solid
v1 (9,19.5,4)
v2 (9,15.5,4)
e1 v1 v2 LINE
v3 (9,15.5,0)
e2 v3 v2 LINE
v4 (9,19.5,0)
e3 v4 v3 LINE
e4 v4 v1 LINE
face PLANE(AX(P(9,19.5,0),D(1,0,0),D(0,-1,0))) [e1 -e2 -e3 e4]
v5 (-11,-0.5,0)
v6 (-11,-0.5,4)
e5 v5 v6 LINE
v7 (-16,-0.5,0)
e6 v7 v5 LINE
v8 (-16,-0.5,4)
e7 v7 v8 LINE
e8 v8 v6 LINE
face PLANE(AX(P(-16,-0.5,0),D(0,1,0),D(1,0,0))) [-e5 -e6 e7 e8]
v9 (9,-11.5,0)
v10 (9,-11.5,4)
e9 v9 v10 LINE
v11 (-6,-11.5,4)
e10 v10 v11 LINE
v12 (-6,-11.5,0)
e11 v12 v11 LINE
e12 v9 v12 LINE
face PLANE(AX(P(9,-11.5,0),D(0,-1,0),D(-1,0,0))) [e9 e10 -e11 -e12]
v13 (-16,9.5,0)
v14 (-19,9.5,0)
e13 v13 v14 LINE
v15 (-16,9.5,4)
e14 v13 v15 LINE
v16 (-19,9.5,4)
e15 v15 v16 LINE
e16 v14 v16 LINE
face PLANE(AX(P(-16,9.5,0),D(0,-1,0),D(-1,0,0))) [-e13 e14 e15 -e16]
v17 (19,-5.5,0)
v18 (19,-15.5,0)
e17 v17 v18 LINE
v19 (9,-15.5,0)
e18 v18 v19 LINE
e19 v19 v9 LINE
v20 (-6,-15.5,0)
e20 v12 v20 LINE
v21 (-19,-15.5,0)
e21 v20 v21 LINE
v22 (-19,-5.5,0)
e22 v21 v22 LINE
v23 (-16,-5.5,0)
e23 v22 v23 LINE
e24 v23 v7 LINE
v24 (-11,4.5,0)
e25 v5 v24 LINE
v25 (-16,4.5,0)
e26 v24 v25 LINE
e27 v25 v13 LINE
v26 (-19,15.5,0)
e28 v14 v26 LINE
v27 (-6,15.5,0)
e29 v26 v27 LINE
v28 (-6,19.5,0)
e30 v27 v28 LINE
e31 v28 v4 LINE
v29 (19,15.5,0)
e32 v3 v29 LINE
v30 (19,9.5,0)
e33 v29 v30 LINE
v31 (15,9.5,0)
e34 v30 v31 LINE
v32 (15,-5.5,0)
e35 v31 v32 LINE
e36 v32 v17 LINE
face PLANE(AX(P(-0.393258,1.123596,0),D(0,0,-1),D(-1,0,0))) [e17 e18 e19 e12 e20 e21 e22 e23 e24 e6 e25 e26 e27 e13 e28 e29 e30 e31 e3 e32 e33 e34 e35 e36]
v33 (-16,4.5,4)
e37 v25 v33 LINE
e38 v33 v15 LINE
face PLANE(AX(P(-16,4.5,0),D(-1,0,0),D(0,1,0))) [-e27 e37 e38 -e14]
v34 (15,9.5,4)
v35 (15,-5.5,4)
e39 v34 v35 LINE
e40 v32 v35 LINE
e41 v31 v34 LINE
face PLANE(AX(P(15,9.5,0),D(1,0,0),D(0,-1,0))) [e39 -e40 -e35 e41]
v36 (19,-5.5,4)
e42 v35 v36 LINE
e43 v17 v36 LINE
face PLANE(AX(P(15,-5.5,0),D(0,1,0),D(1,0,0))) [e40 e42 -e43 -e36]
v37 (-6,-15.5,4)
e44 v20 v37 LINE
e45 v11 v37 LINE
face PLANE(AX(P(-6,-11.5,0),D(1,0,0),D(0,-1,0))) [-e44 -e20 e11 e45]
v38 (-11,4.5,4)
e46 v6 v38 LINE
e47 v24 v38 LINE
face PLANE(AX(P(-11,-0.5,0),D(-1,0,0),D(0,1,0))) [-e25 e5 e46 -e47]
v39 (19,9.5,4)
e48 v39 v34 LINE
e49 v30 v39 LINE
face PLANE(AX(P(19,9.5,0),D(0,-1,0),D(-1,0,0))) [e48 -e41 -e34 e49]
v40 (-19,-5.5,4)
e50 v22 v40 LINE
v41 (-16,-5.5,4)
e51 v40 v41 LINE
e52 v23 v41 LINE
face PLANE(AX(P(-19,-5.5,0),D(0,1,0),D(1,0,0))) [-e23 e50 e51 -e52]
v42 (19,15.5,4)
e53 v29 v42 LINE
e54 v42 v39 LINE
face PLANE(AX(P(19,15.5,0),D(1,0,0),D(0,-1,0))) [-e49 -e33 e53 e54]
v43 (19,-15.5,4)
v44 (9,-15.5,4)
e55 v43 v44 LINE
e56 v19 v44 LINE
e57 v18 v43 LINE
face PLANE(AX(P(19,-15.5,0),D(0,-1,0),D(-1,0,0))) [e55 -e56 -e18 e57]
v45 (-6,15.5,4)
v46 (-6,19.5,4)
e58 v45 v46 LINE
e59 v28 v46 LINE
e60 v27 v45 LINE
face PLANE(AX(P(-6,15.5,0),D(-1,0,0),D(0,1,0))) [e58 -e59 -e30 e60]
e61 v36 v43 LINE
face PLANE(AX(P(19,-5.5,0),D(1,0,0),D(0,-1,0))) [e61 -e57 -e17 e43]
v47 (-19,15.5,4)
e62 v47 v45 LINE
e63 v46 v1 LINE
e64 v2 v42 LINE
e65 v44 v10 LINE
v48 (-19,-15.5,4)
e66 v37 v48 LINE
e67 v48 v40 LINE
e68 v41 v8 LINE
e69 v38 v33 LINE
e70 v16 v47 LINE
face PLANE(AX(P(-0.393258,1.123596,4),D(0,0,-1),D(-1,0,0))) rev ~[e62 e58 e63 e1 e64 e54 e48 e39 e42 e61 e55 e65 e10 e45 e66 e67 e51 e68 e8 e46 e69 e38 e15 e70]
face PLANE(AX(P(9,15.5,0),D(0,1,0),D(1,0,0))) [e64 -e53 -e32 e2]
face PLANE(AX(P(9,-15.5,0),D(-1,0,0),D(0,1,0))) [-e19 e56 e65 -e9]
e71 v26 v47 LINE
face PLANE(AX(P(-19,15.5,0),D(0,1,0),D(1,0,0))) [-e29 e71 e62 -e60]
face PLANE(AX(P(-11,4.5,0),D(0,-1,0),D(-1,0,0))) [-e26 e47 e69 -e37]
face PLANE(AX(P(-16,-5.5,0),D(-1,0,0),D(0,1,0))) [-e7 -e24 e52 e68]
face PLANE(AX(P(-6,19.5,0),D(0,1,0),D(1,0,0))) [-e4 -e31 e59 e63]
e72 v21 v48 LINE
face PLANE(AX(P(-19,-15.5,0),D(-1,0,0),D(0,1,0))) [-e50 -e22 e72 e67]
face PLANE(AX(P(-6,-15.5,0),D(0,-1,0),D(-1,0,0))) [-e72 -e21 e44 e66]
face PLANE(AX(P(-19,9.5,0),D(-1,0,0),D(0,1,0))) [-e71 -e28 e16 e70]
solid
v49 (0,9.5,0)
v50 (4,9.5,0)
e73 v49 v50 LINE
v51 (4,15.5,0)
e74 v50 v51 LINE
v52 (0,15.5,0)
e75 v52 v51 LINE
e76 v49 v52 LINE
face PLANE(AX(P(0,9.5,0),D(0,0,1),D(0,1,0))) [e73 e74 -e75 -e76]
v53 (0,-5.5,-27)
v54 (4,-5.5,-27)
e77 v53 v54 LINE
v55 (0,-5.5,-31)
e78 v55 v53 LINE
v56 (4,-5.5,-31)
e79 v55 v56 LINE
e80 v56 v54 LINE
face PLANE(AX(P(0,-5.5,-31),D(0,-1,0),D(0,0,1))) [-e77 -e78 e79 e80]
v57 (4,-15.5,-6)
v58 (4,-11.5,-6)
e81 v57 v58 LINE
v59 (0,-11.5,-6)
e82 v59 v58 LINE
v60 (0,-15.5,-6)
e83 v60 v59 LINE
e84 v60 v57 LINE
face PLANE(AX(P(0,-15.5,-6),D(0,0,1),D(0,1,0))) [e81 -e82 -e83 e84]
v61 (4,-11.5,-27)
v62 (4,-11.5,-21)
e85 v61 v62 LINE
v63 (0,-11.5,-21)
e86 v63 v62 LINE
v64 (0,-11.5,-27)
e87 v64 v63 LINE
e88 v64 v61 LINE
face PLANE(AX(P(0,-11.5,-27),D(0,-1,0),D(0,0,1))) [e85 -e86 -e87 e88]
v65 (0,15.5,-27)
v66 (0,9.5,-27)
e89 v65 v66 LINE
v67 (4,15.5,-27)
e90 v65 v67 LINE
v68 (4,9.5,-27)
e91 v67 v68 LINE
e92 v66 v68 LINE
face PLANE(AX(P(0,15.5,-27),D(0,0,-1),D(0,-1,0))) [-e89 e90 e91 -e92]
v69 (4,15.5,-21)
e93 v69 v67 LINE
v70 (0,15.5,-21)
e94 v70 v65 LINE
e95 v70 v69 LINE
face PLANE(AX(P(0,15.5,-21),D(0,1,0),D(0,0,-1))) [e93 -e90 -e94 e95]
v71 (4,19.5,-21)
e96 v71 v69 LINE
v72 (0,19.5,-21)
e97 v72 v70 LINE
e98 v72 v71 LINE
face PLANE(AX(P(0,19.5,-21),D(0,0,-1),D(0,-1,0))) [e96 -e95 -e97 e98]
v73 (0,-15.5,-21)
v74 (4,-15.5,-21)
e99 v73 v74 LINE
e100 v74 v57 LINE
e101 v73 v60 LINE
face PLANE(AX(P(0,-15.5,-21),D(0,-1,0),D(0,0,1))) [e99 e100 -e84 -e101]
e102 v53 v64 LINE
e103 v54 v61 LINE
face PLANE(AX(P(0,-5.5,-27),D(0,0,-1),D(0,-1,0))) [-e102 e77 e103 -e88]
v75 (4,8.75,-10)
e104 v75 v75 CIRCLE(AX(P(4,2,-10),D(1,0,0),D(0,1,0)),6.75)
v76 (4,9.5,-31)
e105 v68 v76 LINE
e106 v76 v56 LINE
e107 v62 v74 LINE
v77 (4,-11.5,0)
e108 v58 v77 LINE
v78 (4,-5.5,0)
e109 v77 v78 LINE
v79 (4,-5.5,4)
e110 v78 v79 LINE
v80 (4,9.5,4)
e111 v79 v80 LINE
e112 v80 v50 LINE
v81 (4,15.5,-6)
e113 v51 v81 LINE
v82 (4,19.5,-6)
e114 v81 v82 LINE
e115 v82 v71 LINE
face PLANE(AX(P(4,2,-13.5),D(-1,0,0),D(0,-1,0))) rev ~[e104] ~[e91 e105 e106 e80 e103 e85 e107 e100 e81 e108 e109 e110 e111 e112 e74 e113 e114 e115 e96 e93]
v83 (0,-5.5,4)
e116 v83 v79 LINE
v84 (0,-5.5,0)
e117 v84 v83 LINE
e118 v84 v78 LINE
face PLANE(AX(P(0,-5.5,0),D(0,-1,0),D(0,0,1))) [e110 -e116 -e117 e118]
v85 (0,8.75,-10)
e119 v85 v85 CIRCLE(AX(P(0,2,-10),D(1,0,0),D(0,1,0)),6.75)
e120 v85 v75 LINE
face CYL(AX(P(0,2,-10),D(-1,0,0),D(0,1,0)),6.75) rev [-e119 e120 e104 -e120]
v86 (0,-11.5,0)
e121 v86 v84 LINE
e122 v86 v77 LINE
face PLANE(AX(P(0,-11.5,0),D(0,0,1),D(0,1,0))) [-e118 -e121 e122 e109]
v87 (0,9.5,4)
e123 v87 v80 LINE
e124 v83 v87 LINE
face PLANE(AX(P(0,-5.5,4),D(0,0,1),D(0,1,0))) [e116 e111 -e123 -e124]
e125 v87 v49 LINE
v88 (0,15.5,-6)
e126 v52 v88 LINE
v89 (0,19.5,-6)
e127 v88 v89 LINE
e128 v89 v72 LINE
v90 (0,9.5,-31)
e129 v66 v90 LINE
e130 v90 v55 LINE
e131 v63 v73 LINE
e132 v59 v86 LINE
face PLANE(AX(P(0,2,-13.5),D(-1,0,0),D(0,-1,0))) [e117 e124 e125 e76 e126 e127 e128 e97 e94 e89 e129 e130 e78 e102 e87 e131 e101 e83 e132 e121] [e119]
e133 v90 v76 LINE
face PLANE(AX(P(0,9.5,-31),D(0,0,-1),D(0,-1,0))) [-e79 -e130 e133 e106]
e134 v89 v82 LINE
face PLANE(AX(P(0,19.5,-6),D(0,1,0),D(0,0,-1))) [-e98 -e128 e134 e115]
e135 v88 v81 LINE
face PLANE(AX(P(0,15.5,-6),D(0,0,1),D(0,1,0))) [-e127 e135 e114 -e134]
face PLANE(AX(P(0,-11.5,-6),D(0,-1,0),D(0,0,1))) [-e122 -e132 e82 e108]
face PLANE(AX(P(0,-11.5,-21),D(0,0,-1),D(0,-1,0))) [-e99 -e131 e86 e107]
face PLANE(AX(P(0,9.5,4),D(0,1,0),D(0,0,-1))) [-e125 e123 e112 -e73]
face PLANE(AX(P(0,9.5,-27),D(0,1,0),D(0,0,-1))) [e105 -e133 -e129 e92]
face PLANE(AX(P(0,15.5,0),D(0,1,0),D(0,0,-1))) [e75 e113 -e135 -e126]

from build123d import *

# Parameters (mm, degrees)
PAD_DEPTH    = 4
SKETCH001_R  = 6.75
PAD001_DEPTH = 4


with BuildPart() as wall:
    # Sketch → Pad (new body)
    with BuildSketch(Plane.XY):
        Polygon((-19, 15.5), (-6, 15.5), (-6, 19.5), (9, 19.5), (9, 15.5), (19, 15.5), (19, 9.5), (15, 9.5), (15, -5.5), (19, -5.5), (19, -15.5), (9, -15.5), (9, -11.5), (-6, -11.5), (-6, -15.5), (-19, -15.5), (-19, -5.5), (-16, -5.5), (-16, -0.5), (-11, -0.5), (-11, 4.5), (-16, 4.5), (-16, 9.5), (-19, 9.5), align=None)
    extrude(amount=PAD_DEPTH)


with BuildPart() as cover:
    # Sketch001 → Pad001 (new body)
    with BuildSketch(Plane.YZ):
        Polygon((-5.5, 0), (-5.5, 4), (9.5, 4), (9.5, 0), (15.5, 0), (15.5, -6), (19.5, -6), (19.5, -21), (15.5, -21), (15.5, -27), (9.5, -27), (9.5, -31), (-5.5, -31), (-5.5, -27), (-11.5, -27), (-11.5, -21), (-15.5, -21), (-15.5, -6), (-11.5, -6), (-11.5, 0), align=None)
        with Locations((2, -10)):
            Circle(SKETCH001_R, mode=Mode.SUBTRACT)
    extrude(amount=PAD001_DEPTH)


solid = Compound([wall.part, cover.part])
